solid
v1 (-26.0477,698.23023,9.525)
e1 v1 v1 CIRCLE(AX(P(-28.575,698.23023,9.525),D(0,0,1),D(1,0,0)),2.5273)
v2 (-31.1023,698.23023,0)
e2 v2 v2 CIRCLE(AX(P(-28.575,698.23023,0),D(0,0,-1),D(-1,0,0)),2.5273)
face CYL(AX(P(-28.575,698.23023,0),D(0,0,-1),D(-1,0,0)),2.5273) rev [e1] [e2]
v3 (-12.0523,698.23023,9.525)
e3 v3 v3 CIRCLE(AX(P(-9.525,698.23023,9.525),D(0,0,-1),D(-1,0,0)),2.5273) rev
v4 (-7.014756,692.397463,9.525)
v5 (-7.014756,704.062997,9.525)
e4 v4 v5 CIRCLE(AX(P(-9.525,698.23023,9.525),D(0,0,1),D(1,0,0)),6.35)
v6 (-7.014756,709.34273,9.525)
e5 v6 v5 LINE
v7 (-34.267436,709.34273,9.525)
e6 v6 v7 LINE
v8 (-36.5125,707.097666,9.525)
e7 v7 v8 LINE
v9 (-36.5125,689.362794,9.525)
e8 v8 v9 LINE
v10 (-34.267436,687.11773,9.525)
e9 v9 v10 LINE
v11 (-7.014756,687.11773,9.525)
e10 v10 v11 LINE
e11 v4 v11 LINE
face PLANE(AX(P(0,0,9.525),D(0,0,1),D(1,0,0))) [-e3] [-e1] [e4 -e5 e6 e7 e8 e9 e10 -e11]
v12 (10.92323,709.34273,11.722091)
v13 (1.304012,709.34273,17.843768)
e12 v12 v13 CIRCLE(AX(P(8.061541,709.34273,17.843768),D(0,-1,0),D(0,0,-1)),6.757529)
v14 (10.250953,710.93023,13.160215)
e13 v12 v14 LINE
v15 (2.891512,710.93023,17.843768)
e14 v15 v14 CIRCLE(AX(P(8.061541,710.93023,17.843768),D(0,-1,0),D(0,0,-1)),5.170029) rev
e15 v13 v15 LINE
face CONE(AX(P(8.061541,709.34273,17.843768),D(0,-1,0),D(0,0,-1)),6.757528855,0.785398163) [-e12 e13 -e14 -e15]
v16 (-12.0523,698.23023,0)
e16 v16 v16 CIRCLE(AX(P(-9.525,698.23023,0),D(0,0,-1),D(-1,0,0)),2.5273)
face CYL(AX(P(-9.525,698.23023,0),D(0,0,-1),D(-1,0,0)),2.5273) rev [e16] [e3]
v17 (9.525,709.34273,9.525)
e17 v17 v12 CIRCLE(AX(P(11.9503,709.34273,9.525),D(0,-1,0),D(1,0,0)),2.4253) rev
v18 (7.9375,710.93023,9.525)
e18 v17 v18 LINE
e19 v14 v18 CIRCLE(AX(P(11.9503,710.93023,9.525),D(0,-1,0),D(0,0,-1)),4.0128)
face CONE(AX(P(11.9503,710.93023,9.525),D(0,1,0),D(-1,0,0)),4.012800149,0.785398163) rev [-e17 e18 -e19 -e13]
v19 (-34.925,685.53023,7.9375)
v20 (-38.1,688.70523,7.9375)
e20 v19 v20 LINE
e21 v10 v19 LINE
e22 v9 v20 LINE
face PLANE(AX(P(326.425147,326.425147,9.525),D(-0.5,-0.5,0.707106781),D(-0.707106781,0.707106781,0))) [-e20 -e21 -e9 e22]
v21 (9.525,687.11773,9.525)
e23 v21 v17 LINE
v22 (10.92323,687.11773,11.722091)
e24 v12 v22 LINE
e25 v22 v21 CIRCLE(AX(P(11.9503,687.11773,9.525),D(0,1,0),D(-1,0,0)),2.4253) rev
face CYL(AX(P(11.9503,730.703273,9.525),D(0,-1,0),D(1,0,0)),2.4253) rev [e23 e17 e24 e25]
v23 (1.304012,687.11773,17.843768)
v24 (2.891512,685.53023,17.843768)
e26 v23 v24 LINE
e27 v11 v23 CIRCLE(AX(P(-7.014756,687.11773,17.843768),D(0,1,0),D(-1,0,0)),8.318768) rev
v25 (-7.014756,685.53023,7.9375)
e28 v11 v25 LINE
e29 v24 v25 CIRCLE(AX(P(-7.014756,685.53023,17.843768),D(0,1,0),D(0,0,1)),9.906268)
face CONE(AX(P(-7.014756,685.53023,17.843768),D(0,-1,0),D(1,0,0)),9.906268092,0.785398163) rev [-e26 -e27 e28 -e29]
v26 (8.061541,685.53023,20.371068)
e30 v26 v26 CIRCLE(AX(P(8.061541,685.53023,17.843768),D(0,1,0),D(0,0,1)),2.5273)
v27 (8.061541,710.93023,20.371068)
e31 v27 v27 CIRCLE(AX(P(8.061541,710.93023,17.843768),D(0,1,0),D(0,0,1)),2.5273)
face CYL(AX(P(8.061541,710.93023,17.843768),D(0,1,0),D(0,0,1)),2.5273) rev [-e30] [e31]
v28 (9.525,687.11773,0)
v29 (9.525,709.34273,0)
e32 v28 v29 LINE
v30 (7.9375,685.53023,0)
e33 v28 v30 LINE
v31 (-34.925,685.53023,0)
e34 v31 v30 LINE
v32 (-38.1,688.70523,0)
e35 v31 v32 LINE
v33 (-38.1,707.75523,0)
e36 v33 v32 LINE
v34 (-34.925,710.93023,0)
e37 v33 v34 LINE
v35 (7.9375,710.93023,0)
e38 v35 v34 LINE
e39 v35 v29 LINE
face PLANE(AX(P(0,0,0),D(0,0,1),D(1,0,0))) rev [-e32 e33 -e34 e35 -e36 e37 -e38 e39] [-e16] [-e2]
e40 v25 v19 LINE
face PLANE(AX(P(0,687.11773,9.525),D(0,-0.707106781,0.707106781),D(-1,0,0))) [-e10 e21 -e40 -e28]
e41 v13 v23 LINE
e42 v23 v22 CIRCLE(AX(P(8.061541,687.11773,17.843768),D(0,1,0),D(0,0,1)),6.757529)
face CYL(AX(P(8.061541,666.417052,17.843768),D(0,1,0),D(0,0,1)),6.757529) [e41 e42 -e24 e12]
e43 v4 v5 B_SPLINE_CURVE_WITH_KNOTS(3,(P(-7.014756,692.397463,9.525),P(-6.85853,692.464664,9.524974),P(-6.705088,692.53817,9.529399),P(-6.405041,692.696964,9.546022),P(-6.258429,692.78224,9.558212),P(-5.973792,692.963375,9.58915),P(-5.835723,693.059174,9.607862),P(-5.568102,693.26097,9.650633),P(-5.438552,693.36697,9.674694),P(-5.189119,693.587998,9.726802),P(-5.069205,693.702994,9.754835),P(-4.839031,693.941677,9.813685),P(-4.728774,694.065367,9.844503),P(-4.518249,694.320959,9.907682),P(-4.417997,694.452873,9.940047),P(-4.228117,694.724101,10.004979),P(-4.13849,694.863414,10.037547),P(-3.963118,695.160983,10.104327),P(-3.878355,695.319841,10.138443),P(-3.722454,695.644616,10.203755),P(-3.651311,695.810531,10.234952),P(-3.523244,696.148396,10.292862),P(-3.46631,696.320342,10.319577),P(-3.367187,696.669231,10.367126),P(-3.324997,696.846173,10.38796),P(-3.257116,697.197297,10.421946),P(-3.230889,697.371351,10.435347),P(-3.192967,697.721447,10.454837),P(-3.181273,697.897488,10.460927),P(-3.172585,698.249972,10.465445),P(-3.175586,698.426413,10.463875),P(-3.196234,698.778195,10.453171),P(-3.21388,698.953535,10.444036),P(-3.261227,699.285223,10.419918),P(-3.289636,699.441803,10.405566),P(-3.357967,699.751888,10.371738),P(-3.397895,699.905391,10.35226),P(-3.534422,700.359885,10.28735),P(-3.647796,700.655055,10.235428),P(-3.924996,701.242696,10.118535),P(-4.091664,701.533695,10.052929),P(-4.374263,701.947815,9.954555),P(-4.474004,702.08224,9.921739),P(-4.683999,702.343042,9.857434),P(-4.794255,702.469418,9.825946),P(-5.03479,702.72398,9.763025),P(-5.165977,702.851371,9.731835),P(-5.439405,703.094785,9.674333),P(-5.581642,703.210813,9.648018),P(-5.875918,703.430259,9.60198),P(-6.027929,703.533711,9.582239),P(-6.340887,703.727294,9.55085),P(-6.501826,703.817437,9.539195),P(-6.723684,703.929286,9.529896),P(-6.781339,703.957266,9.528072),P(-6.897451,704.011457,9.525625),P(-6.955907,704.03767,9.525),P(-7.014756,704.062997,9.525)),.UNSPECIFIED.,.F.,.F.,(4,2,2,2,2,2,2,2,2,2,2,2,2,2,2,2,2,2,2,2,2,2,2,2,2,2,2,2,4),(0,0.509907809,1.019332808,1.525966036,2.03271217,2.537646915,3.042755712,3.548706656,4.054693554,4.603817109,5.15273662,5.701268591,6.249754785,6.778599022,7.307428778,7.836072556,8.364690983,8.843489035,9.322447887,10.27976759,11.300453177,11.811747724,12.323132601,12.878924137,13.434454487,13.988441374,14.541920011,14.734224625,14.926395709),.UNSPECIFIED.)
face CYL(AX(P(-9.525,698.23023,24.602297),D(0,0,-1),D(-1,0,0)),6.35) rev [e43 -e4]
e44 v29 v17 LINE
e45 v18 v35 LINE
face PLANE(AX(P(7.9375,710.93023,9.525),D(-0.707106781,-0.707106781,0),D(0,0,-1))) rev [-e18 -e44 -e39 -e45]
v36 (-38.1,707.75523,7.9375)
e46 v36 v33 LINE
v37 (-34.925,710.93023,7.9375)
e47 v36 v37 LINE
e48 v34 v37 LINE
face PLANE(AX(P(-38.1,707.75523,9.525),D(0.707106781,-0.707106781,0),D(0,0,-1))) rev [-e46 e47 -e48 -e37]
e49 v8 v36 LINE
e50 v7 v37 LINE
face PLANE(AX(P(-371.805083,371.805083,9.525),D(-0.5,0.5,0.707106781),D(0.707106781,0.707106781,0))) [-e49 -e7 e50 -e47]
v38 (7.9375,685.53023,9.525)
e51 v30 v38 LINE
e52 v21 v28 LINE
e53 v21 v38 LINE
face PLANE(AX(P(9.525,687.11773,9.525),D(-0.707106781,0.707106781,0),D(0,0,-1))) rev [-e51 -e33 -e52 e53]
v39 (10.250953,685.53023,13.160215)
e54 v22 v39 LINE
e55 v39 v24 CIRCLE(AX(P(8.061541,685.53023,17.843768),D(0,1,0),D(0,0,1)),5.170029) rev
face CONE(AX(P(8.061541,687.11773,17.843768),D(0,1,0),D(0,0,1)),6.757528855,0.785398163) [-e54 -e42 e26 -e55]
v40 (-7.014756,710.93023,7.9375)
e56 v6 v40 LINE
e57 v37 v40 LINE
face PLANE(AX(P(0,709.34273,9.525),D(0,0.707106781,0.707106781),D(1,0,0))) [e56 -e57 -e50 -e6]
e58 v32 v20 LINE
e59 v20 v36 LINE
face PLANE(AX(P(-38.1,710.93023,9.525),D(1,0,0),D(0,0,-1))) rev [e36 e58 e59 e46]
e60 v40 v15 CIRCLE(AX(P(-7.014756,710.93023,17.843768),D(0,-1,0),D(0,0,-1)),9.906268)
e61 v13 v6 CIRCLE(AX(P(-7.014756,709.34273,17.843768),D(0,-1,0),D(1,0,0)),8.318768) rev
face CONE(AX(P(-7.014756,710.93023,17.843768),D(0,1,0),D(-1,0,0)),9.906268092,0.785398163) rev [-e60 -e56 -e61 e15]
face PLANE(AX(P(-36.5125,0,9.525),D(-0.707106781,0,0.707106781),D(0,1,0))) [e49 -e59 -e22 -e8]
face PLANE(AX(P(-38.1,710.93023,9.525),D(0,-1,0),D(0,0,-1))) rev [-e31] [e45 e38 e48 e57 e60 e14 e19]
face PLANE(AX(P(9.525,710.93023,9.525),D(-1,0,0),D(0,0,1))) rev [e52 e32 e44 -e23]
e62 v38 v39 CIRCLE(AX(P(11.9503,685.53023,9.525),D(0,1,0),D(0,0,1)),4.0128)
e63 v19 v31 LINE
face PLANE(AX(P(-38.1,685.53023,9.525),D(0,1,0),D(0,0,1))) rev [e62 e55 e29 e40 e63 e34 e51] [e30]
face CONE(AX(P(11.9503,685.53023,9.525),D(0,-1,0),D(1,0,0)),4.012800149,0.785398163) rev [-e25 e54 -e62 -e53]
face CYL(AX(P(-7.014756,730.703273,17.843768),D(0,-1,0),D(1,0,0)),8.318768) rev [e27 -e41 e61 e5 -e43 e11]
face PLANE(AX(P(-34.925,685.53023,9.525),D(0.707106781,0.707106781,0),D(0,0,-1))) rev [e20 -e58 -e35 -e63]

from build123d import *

# Parameters (mm, degrees)
SKETCH1_W                  = 47.625
SKETCH1_H                  = 25.4
BOSS_EXTRUDE1_DEPTH        = 9.525
SKETCH2_R                  = 6.757528855
BOSS_EXTRUDE2_DEPTH        = 25.4
BOSS_EXTRUDE3_DEPTH        = 25.4
F_8_0_199_DIAMETER_HOLE1_D = 5.0546
CHAMFER1_SIZE              = 3.175
CHAMFER2_SIZE              = 1.5875
F_8_0_199_DIAMETER_HOLE2_D = 5.0546
CUT_EXTRUDE1_REACH         = 714.11
SKETCH11_R                 = 6.35


with BuildPart() as part:
    # Sketch1 → Boss-Extrude1 (new body)
    with BuildSketch(Plane.XY):
        with Locations((-14.2875, 698.230229864)):
            Rectangle(SKETCH1_W, SKETCH1_H)
    extrude(amount=BOSS_EXTRUDE1_DEPTH)



with BuildPart() as body_2:
    # Sketch2 → Boss-Extrude2 (new body)
    with BuildSketch(Plane(origin=(0, 710.930229864, 0), x_dir=(-1, 0, 0), z_dir=(0, -1, 0))):
        with Locations(Location((-8.061541228, -17.843768092, 0), (0, 0, 270))):
            Circle(SKETCH2_R)
    extrude(amount=BOSS_EXTRUDE2_DEPTH)


with BuildPart() as part_1:
    add(part.part)

    add(body_2.part)  # Boss-Extrude3 merges body 2
    # Sketch3 → Boss-Extrude3 (add)
    with BuildSketch(Plane.XZ.offset(-685.530229864)):
        with BuildLine():
            Line((9.525, 9.525), (-7.01475572, 9.525))
            ThreePointArc((-7.01475572, 9.525), (-1.132498391, 11.961510763), (1.304012372, 17.843768092))
            ThreePointArc((1.304012372, 17.843768092), (4.433439084, 12.142797029), (10.923230214, 11.722090841))
            ThreePointArc((10.923230214, 11.722090841), (9.904202194, 10.827138231), (9.525, 9.525))
        make_face()
    extrude(amount=-BOSS_EXTRUDE3_DEPTH)

    # #8 (0.199) Diameter Hole1 (through all)
    with Locations(Plane(origin=(0, 710.930229864, 0), x_dir=(1, 0, 0), z_dir=(0, 1, 0))):
        with Locations((8.061541228, -17.843768092)):
            f_8_0_199_diameter_hole1 = Hole(F_8_0_199_DIAMETER_HOLE1_D / 2)

    # Chamfer1
    chamfer1_edges = [part_1.edges().sort_by_distance(p)[0] for p in [
        (-38.1, 710.930229864, 4.7625),
        (-38.1, 685.530229864, 4.7625),
    ]]
    chamfer(chamfer1_edges, length=CHAMFER1_SIZE)

    # Chamfer2
    chamfer2_edges = [part_1.edges().sort_by_distance(p)[0] for p in [
        (-20.96987786, 710.930229864, 9.525),
        (9.904202194, 685.530229864, 10.827138231),
        (-1.132498391, 685.530229864, 11.961510763),
        (9.904202194, 710.930229864, 10.827138231),
        (-1.132498391, 710.930229864, 11.961510763),
        (11.689643371, 685.530229864, 23.544739156),
        (11.689643371, 710.930229864, 23.544739156),
        (-20.96987786, 685.530229864, 9.525),
        (-38.1, 698.230229864, 9.525),
        (-36.5125, 709.342729864, 9.525),
        (-36.5125, 687.117729864, 9.525),
        (9.525, 710.930229864, 4.7625),
        (9.525, 685.530229864, 4.7625),
    ]]
    chamfer(chamfer2_edges, length=CHAMFER2_SIZE)

    # Mirror2: #8 (0.199) Diameter Hole1 across plane
    add(f_8_0_199_diameter_hole1.mirror(Plane.ZX.offset(698.230229864)), mode=Mode.SUBTRACT)

    # #8 (0.199) Diameter Hole2 (through all)
    with Locations(Plane(origin=(0, 0, 0), x_dir=(-1, 0, 0), z_dir=(0, 0, -1))):
        with Locations((9.525, 698.230229864), (28.575, 698.230229864)):
            Hole(F_8_0_199_DIAMETER_HOLE2_D / 2)

    # Sketch11 → Cut-Extrude1 (cut, up to next)
    with BuildSketch(Plane.XY.offset(9.525), mode=Mode.PRIVATE) as cut_extrude1_sk1:
        with Locations((-9.525, 698.230229864)):
            Circle(SKETCH11_R)
    cut_extrude1_tool1 = extrude(cut_extrude1_sk1.sketch, amount=CUT_EXTRUDE1_REACH, mode=Mode.PRIVATE) & part_1.part
    add(cut_extrude1_tool1.solids().sort_by_distance((-9.525, 698.23023, 9.525))[0], mode=Mode.SUBTRACT)


solid = part_1.part
